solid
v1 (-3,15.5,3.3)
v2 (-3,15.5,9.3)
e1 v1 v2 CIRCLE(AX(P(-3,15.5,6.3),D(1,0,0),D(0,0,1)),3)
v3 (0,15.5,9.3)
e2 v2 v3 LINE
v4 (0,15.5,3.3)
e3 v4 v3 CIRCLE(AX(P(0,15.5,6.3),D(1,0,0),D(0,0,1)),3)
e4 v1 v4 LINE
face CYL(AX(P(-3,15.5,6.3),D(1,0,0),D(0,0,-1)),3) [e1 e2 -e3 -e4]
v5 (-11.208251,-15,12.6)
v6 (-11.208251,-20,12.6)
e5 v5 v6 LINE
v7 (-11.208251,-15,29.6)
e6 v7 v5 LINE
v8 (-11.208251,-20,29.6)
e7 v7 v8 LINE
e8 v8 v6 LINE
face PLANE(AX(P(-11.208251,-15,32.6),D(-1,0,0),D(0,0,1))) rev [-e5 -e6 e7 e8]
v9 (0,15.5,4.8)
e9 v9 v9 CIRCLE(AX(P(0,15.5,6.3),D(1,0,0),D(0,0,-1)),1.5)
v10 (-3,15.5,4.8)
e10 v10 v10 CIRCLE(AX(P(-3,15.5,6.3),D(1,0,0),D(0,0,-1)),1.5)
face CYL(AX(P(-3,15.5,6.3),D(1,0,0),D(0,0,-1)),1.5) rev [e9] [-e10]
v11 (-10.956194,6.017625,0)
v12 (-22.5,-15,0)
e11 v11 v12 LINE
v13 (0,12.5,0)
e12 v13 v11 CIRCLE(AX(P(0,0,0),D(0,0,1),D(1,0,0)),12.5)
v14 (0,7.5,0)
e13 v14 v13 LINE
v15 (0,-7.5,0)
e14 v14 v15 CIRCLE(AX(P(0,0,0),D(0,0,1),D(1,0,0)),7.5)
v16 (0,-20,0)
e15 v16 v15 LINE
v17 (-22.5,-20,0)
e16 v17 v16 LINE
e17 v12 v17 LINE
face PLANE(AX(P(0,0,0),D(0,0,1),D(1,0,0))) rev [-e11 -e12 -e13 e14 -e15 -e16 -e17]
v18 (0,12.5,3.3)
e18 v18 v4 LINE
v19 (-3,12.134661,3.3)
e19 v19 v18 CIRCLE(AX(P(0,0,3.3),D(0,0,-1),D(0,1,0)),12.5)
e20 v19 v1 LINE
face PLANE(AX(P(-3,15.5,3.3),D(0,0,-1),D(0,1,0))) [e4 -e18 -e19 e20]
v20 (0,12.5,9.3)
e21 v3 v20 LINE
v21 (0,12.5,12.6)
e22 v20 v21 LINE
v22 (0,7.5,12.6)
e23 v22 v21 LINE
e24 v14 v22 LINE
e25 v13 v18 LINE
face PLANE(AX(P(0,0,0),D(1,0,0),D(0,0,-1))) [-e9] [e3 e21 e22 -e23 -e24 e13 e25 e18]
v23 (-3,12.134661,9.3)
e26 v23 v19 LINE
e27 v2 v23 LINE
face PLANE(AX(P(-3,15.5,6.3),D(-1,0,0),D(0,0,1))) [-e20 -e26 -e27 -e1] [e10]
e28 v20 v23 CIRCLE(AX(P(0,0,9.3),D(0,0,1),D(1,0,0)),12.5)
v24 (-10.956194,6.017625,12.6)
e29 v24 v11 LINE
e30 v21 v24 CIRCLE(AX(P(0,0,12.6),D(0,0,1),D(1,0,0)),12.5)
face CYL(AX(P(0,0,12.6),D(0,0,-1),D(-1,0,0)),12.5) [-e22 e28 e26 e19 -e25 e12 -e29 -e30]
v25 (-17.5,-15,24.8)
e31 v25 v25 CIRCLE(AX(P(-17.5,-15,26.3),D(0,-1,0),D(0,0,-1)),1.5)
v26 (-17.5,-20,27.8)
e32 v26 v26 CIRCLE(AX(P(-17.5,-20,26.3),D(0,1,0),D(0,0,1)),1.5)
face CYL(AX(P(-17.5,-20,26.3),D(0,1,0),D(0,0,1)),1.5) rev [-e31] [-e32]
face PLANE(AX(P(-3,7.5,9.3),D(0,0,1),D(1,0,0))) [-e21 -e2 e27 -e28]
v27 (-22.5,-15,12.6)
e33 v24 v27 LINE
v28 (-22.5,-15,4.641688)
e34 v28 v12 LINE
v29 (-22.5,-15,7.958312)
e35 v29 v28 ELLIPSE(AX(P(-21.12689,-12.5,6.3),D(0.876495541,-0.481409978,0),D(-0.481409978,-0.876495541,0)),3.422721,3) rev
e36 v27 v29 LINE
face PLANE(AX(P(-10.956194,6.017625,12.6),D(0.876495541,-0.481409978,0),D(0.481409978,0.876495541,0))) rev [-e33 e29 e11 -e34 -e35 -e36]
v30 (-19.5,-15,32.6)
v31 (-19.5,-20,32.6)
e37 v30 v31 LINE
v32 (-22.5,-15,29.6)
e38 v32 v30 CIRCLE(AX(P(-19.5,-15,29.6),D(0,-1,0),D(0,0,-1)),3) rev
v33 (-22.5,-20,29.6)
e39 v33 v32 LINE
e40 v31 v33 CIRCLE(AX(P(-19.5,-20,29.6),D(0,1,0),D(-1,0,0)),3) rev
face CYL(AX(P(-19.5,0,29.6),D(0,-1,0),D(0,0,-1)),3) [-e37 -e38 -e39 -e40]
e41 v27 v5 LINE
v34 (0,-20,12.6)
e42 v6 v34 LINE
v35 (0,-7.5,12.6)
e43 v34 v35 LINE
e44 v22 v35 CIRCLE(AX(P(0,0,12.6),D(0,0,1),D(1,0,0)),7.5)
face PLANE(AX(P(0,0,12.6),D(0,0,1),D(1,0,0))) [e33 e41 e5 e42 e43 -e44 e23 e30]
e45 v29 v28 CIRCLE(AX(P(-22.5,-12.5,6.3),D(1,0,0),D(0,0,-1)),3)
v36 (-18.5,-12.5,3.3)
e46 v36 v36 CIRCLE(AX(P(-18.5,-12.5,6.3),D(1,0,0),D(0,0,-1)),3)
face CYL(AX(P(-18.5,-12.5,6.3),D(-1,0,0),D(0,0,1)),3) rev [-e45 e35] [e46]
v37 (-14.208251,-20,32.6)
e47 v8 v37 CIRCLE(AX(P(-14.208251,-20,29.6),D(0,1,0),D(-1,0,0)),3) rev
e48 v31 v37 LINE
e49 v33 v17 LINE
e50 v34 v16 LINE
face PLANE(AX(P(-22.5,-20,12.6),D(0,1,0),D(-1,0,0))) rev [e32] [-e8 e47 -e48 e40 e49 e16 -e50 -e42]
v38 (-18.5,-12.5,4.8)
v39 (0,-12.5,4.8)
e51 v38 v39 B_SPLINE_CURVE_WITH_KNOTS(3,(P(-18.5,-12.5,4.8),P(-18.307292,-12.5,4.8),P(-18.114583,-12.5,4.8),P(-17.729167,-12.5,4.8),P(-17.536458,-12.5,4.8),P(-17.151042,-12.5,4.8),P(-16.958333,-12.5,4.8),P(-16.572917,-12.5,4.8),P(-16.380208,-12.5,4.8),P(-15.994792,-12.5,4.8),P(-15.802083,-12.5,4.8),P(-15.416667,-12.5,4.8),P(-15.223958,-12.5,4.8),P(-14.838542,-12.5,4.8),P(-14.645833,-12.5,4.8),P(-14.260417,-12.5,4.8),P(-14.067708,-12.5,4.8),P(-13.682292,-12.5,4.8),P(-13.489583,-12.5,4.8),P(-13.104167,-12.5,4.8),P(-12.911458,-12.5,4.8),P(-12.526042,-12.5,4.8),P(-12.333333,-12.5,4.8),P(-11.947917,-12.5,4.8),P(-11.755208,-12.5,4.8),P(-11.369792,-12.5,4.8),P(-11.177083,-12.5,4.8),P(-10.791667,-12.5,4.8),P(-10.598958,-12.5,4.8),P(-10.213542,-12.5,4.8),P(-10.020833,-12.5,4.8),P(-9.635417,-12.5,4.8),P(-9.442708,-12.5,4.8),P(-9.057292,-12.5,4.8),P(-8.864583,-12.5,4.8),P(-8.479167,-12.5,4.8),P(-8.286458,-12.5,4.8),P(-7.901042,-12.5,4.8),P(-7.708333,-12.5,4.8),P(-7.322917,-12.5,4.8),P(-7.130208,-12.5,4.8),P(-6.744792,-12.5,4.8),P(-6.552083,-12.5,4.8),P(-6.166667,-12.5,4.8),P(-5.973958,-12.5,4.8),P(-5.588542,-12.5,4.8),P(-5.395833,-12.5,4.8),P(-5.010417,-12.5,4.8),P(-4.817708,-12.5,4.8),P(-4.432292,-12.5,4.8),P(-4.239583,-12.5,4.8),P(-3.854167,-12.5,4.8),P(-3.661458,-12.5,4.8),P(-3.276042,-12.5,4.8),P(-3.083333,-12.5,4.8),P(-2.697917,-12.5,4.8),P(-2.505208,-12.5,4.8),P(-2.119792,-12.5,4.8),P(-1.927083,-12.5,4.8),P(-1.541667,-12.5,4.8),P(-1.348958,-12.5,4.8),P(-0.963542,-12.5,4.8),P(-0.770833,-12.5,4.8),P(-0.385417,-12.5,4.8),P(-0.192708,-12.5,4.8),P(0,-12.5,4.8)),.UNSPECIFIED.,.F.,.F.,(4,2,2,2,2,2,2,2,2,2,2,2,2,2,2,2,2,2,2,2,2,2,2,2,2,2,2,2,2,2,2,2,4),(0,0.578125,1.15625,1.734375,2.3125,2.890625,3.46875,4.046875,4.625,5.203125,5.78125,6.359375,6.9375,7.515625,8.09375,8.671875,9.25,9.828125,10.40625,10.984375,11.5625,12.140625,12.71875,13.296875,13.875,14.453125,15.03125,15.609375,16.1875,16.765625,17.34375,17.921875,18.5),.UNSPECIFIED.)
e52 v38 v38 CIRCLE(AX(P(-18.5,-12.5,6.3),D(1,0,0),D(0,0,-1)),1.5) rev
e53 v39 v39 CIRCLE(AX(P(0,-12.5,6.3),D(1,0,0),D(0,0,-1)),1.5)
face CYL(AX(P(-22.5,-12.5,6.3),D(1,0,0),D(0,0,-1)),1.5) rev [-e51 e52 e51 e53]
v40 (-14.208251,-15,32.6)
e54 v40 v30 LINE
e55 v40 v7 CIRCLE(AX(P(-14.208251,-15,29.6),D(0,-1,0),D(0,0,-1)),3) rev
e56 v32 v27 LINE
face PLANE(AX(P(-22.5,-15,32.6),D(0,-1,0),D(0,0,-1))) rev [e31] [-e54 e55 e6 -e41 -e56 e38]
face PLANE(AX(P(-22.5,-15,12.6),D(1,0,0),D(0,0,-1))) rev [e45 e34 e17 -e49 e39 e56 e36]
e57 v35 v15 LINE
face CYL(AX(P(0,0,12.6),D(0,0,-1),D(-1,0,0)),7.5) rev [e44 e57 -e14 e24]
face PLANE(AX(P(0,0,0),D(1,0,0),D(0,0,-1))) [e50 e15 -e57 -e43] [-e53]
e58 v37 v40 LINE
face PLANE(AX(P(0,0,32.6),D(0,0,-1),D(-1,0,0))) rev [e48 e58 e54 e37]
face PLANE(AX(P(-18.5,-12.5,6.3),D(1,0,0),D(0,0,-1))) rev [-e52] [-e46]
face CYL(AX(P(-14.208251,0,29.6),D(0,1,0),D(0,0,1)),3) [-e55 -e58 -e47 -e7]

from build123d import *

# Parameters (mm, degrees)
SKETCH_1_R          = 7.5
EXTRUDE_1_DEPTH     = 12.6
SKETCH_2_W          = 11.291748881
SKETCH_2_H          = 5
EXTRUDE_2_DEPTH     = 32.6
SKETCH_3_R          = 1.5
CUT_EXTRUDE_1_DEPTH = 45.373528145
FILLET_1_R          = 3
SKETCH_4_W          = 3
SKETCH_4_H          = 15
EXTRUDE_3_DEPTH     = 20
SKETCH_5_R          = 1.3
CUT_EXTRUDE_2_DEPTH = 46.967488511
SKETCH_6_W          = 36.00279958
SKETCH_6_H          = 34.73430716
CUT_EXTRUDE_3_DEPTH = 46.967488511
SKETCH_7_R          = 1.5
EXTRUDE_4_DEPTH     = 3
SKETCH_8_R          = 1.5
CUT_EXTRUDE_4_DEPTH = 45.373528145
SKETCH_9_R          = 3
CUT_EXTRUDE_5_DEPTH = 4


with BuildPart() as part:
    # 草图1 → 凸台-拉伸1 (new body)
    with BuildSketch(Plane.XY):
        with BuildLine():
            Line((-10.956194261, 6.017624724), (-22.5, -15))
            Line((-22.5, -15), (-22.5, -20))
            Line((-22.5, -20), (22.5, -20))
            Line((22.5, -20), (22.5, -15))
            Line((22.5, -15), (10.956194261, 6.017624724))
            ThreePointArc((10.956194261, 6.017624724), (0, 12.5), (-10.956194261, 6.017624724))
        make_face()
        Circle(SKETCH_1_R, mode=Mode.SUBTRACT)
    extrude(amount=EXTRUDE_1_DEPTH)

    # 草图2 → 凸台-拉伸2 (add)
    with BuildSketch(Plane.XY):
        with Locations((-16.854125559, -17.5)):
            Rectangle(SKETCH_2_W, SKETCH_2_H)
        with Locations((16.854125559, -17.5)):
            Rectangle(SKETCH_2_W, SKETCH_2_H)
    extrude(amount=EXTRUDE_2_DEPTH)

    # 草图3 → 切除-拉伸1 (cut, through all)
    with BuildSketch(Plane(origin=(0, 0, 0), x_dir=(1, 0, 0), z_dir=(0, 1, 0))):
        with Locations(Location((-17.5, -26.3, 0), (0, 0, 270))):
            Circle(SKETCH_3_R)
        with Locations((17.5, -26.3)):
            Circle(SKETCH_3_R)
    extrude(amount=-CUT_EXTRUDE_1_DEPTH, mode=Mode.SUBTRACT)

    # 圆角1
    fillet_1_edges = [part.edges().sort_by_distance(p)[0] for p in [
        (-22.5, -17.5, 32.6),
        (-11.208251119, -17.5, 32.6),
        (11.208251119, -17.5, 32.6),
    ]]
    fillet(fillet_1_edges, radius=FILLET_1_R)

    # 草图4 → 凸台-拉伸3 (add, through all)
    with BuildSketch(Plane(origin=(0, 0, 0), x_dir=(1, 0, 0), z_dir=(0, 1, 0))):
        with Locations((24, -25.1)):
            Rectangle(SKETCH_4_W, SKETCH_4_H)
    extrude(amount=-EXTRUDE_3_DEPTH)

    # 草图5 → 切除-拉伸2 (cut, through all)
    with BuildSketch(Plane(origin=(0, 0, 0), x_dir=(0, 0, -1), z_dir=(1, 0, 0))):
        with Locations(Location((-25.1, -3, 0), (0, 0, 180))):
            Circle(SKETCH_5_R)
        with Locations(Location((-25.1, -12.5, 0), (0, 0, 180))):
            Circle(SKETCH_5_R)
    extrude(amount=CUT_EXTRUDE_2_DEPTH, mode=Mode.SUBTRACT)

    # 草图6 → 切除-拉伸3 (cut, through all)
    with BuildSketch(Plane(origin=(0, 0, 0), x_dir=(0, 0, -1), z_dir=(1, 0, 0))):
        with Locations((-15.759025291, -4.011160204)):
            Rectangle(SKETCH_6_W, SKETCH_6_H)
    extrude(amount=CUT_EXTRUDE_3_DEPTH, mode=Mode.SUBTRACT)

    # 草图7 → 凸台-拉伸4 (add)
    with BuildSketch(Plane(origin=(0, 0, 0), x_dir=(0, 0, -1), z_dir=(1, 0, 0))):
        with BuildLine():
            Line((-9.3, 7.5), (-9.3, 12.5))
            Line((-9.3, 12.5), (-9.3, 15.5))
            ThreePointArc((-9.3, 15.5), (-6.3, 18.5), (-3.3, 15.5))
            Line((-3.3, 15.5), (-3.3, 7.5))
            Line((-3.3, 7.5), (-9.3, 7.5))
        make_face()
        with Locations((-6.3, 15.5)):
            Circle(SKETCH_7_R, mode=Mode.SUBTRACT)
    extrude(amount=-EXTRUDE_4_DEPTH)

    # 草图8 → 切除-拉伸4 (cut, through all)
    with BuildSketch(Plane(origin=(0, 0, 0), x_dir=(0, 0, -1), z_dir=(1, 0, 0))):
        with Locations((-6.3, -12.5)):
            Circle(SKETCH_8_R)
    extrude(amount=-CUT_EXTRUDE_4_DEPTH, mode=Mode.SUBTRACT)

    # 草图9 → 切除-拉伸5 (cut)
    with BuildSketch(Plane(origin=(-22.5, 0, 0), x_dir=(0, 0, -1), z_dir=(1, 0, 0))):
        with Locations(Location((-6.3, -12.5, 0), (0, 0, 236.442690238))):
            Circle(SKETCH_9_R)
    extrude(amount=CUT_EXTRUDE_5_DEPTH, mode=Mode.SUBTRACT)


solid = part.part
